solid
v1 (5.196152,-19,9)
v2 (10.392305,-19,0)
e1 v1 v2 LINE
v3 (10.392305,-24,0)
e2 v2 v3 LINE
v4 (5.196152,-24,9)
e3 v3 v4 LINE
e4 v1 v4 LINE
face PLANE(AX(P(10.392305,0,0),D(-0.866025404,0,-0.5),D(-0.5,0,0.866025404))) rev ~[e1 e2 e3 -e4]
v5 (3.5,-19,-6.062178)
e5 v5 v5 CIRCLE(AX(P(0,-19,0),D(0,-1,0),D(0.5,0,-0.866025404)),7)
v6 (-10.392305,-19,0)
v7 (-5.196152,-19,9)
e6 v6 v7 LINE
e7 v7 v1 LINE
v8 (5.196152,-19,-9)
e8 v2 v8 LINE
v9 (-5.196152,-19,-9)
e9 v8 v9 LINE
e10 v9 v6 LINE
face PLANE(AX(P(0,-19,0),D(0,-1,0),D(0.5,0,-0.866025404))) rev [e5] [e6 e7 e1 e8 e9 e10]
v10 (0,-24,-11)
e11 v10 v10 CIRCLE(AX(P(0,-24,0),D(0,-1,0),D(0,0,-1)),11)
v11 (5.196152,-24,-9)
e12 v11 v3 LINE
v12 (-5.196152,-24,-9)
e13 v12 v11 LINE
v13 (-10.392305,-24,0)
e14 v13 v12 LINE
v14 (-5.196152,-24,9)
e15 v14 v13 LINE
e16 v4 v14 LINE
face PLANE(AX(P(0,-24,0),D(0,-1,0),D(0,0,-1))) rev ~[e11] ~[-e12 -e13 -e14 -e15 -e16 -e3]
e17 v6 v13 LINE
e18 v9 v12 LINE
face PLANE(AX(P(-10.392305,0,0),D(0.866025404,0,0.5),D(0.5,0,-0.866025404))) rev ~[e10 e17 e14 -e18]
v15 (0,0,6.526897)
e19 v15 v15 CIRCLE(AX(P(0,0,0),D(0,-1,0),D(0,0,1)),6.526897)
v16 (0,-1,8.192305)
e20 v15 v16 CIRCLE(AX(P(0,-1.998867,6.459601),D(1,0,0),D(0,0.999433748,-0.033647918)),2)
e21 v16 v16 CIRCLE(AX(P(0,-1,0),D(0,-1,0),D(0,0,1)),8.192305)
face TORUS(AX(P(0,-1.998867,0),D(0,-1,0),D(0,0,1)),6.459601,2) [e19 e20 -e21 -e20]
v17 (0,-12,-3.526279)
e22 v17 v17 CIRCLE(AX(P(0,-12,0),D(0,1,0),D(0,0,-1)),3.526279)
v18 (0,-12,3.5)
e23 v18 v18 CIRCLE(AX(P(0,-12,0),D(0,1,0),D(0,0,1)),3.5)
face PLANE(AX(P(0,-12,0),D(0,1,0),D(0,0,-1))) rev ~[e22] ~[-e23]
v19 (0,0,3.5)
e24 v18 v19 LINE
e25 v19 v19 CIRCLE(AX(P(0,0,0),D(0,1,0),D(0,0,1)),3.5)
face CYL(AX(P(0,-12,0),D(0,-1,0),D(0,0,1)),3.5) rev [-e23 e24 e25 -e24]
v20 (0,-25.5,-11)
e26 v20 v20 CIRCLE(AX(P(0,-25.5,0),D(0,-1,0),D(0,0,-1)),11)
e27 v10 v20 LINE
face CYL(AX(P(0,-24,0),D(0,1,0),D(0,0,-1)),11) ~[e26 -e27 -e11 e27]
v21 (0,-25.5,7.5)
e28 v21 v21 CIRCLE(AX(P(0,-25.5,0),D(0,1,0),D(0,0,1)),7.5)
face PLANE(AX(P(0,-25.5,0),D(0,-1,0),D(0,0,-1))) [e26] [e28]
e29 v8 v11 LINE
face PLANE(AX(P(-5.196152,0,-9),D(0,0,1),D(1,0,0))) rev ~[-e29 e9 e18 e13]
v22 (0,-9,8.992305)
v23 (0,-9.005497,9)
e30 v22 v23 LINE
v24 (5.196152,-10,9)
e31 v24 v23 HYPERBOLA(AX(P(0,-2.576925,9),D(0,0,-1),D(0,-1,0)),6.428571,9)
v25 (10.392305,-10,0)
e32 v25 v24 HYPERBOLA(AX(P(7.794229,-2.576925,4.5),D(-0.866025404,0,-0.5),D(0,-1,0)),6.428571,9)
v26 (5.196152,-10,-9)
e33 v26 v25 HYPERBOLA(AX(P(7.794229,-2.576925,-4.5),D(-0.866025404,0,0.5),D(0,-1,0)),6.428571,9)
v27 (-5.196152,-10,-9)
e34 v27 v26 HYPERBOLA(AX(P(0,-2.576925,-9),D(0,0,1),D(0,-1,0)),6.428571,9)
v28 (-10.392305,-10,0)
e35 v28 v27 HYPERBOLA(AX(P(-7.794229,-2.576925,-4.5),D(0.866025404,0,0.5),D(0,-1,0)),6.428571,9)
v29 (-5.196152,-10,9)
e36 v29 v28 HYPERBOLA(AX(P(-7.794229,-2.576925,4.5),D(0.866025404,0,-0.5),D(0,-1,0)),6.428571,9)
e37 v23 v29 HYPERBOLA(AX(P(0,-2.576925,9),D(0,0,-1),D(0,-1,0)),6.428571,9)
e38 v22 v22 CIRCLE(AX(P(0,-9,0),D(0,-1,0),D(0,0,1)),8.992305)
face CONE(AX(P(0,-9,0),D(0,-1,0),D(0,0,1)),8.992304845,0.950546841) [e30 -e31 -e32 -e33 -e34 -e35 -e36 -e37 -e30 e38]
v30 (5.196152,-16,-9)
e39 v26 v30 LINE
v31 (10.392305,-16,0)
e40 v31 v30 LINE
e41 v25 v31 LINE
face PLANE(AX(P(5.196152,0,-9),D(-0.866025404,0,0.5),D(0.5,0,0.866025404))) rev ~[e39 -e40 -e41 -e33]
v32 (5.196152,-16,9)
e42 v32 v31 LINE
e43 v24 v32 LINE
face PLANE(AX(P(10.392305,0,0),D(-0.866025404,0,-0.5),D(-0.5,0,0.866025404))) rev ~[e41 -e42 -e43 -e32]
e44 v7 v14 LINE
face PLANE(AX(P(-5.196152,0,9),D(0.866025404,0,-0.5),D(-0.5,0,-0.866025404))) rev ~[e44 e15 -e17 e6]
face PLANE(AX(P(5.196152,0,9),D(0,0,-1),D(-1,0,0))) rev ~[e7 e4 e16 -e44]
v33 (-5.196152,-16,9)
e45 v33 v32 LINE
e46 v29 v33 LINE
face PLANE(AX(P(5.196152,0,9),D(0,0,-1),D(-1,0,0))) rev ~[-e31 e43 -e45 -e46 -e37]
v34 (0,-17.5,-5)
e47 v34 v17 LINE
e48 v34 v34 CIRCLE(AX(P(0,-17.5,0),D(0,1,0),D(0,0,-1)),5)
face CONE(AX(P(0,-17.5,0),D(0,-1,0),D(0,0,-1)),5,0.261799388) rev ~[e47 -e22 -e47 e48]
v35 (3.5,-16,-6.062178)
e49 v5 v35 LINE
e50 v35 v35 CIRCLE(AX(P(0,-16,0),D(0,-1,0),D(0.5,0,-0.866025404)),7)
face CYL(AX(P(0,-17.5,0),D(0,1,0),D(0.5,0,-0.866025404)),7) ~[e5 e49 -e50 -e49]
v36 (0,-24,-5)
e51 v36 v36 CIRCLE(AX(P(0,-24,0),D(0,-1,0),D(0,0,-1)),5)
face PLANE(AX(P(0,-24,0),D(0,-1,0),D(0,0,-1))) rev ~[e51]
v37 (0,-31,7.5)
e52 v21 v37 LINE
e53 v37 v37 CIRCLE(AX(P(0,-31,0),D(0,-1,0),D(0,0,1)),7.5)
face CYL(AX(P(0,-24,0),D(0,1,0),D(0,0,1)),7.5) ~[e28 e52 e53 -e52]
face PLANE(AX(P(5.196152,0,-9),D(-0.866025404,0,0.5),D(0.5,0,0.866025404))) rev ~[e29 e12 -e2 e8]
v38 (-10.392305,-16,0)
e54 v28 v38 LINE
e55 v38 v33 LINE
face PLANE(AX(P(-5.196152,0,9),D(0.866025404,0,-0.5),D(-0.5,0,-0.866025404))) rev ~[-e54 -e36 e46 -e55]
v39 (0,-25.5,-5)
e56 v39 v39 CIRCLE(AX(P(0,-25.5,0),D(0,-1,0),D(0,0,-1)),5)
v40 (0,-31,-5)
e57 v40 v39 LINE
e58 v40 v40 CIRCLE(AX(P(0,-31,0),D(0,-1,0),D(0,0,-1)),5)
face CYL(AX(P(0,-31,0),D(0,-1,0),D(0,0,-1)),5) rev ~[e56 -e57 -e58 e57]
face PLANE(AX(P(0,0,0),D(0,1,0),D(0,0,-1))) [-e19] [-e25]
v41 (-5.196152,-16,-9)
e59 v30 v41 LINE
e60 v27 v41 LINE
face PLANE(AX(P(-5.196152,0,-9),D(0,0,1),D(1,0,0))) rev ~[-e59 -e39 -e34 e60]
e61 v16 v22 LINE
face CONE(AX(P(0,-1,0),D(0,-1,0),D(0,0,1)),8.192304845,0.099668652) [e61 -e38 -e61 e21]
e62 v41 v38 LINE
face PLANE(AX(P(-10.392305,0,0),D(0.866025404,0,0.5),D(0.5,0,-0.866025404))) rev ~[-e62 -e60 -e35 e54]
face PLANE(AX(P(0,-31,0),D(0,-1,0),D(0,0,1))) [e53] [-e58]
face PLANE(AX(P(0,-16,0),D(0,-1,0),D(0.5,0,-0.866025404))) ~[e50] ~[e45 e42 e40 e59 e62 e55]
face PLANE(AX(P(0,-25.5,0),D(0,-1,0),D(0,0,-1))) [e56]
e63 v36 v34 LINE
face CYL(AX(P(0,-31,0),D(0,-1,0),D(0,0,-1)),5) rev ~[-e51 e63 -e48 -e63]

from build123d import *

# Parameters (mm, degrees)
EXTRUDE_1_DEPTH     = 24
SKETCH_3_W          = 3.392304845
SKETCH_3_H          = 3
SKETCH_4_R          = 7.5
EXTRUDE_2_DEPTH     = 7
SKETCH_5_R          = 5
CUT_EXTRUDE_1_DEPTH = 34.911649916
EXTRUDE_START       = -12
SKETCH_6_R          = 5
SKETCH_6_R_2        = 3.5
EXTRUDE_3_DEPTH     = 12
CHAMFER_1_SIZE      = 5.5
CHAMFER_1_SIZE2     = 1.473720558
SKETCH_7_R          = 11
EXTRUDE_4_DEPTH     = 1.5


with BuildPart() as part:
    # Эскиз1 → Вытянуть1 (new body)
    with BuildSketch(Plane(origin=(0, 0, 0), x_dir=(1, 0, 0), z_dir=(0, 1, 0))):
        Polygon((-5.196152423, 9), (5.196152423, 9), (10.392304845, 0), (5.196152423, -9), (-5.196152423, -9), (-10.392304845, 0), align=None)
    extrude(amount=-EXTRUDE_1_DEPTH)

    # Эскиз2 → Вырез-Повернуть1 (revolve, cut)
    with BuildSketch(Plane.XY, mode=Mode.PRIVATE) as cut_revolve_1_sk:
        with BuildLine():
            Line((8.992304845, -9), (10.392304845, -10))
            Line((10.392304845, -10), (11.881416036, -10))
            Line((11.881416036, -10), (11.881416036, 2.231526293))
            Line((11.881416036, 2.231526293), (6.392304845, 2.231526293))
            Line((6.392304845, 2.231526293), (6.392304845, 0))
            ThreePointArc((6.392304845, 0), (7.430886543, -0.250552945), (8.192304845, -1))
            Line((8.192304845, -1), (8.992304845, -9))
        make_face()
    revolve(cut_revolve_1_sk.sketch.rotate(Axis((0, 9.980849864, 0), (0, -1, 0)), 90), axis=Axis((0, 9.980849864, 0), (0, -1, 0)), mode=Mode.SUBTRACT)

    # Эскиз3 → Вырез-Повернуть2 (revolve, cut)
    with BuildSketch(Plane.XY, mode=Mode.PRIVATE) as cut_revolve_2_sk:
        with Locations((8.696152422, -17.5)):
            Rectangle(SKETCH_3_W, SKETCH_3_H)
    revolve(cut_revolve_2_sk.sketch.rotate(Axis((0, 9.980849864, 0), (0, -1, 0)), 300.000000019), axis=Axis((0, 9.980849864, 0), (0, -1, 0)), mode=Mode.SUBTRACT)

    # Эскиз4 → Вытянуть2 (add)
    with BuildSketch(Plane.XZ.offset(24)):
        with Locations(Location((0, 0, 0), (0, 0, 90))):
            Circle(SKETCH_4_R)
    extrude(amount=EXTRUDE_2_DEPTH)

    # Эскиз5 → Вырез-Вытянуть1 (cut, through all)
    with BuildSketch(Plane.XZ.offset(31)):
        with Locations(Location((0, 0, 0), (0, 0, 270))):
            Circle(SKETCH_5_R)
    extrude(amount=-CUT_EXTRUDE_1_DEPTH, mode=Mode.SUBTRACT)

    # Эскиз6 → Вытянуть3 (add)
    with BuildSketch(Plane(origin=(0, 0, 0), x_dir=(-1, 0, 0), z_dir=(0, 1, 0)).offset(EXTRUDE_START)):
        with Locations(Location((0, 0, 0), (0, 0, 270))):
            Circle(SKETCH_6_R)
        with Locations(Location((0, 0, 0), (0, 0, 90))):
            Circle(SKETCH_6_R_2, mode=Mode.SUBTRACT)
    extrude(amount=EXTRUDE_3_DEPTH)

    # Фаска1
    chamfer_1_edges = [part.edges().sort_by_distance(p)[0] for p in [
        (0, -12, 5),
    ]]
    chamfer_1_side = [part.faces().sort_by_distance(p)[0] for p in [
        (0, -21.5, 5),
    ]]
    chamfer(chamfer_1_edges, length=CHAMFER_1_SIZE, length2=CHAMFER_1_SIZE2, reference=chamfer_1_side[0])

    # Эскиз7 → Вытянуть4 (add)
    with BuildSketch(Plane.XZ.offset(24)):
        with Locations(Location((0, 0, 0), (0, 0, 270))):
            Circle(SKETCH_7_R)
    extrude(amount=EXTRUDE_4_DEPTH)


solid = part.part
